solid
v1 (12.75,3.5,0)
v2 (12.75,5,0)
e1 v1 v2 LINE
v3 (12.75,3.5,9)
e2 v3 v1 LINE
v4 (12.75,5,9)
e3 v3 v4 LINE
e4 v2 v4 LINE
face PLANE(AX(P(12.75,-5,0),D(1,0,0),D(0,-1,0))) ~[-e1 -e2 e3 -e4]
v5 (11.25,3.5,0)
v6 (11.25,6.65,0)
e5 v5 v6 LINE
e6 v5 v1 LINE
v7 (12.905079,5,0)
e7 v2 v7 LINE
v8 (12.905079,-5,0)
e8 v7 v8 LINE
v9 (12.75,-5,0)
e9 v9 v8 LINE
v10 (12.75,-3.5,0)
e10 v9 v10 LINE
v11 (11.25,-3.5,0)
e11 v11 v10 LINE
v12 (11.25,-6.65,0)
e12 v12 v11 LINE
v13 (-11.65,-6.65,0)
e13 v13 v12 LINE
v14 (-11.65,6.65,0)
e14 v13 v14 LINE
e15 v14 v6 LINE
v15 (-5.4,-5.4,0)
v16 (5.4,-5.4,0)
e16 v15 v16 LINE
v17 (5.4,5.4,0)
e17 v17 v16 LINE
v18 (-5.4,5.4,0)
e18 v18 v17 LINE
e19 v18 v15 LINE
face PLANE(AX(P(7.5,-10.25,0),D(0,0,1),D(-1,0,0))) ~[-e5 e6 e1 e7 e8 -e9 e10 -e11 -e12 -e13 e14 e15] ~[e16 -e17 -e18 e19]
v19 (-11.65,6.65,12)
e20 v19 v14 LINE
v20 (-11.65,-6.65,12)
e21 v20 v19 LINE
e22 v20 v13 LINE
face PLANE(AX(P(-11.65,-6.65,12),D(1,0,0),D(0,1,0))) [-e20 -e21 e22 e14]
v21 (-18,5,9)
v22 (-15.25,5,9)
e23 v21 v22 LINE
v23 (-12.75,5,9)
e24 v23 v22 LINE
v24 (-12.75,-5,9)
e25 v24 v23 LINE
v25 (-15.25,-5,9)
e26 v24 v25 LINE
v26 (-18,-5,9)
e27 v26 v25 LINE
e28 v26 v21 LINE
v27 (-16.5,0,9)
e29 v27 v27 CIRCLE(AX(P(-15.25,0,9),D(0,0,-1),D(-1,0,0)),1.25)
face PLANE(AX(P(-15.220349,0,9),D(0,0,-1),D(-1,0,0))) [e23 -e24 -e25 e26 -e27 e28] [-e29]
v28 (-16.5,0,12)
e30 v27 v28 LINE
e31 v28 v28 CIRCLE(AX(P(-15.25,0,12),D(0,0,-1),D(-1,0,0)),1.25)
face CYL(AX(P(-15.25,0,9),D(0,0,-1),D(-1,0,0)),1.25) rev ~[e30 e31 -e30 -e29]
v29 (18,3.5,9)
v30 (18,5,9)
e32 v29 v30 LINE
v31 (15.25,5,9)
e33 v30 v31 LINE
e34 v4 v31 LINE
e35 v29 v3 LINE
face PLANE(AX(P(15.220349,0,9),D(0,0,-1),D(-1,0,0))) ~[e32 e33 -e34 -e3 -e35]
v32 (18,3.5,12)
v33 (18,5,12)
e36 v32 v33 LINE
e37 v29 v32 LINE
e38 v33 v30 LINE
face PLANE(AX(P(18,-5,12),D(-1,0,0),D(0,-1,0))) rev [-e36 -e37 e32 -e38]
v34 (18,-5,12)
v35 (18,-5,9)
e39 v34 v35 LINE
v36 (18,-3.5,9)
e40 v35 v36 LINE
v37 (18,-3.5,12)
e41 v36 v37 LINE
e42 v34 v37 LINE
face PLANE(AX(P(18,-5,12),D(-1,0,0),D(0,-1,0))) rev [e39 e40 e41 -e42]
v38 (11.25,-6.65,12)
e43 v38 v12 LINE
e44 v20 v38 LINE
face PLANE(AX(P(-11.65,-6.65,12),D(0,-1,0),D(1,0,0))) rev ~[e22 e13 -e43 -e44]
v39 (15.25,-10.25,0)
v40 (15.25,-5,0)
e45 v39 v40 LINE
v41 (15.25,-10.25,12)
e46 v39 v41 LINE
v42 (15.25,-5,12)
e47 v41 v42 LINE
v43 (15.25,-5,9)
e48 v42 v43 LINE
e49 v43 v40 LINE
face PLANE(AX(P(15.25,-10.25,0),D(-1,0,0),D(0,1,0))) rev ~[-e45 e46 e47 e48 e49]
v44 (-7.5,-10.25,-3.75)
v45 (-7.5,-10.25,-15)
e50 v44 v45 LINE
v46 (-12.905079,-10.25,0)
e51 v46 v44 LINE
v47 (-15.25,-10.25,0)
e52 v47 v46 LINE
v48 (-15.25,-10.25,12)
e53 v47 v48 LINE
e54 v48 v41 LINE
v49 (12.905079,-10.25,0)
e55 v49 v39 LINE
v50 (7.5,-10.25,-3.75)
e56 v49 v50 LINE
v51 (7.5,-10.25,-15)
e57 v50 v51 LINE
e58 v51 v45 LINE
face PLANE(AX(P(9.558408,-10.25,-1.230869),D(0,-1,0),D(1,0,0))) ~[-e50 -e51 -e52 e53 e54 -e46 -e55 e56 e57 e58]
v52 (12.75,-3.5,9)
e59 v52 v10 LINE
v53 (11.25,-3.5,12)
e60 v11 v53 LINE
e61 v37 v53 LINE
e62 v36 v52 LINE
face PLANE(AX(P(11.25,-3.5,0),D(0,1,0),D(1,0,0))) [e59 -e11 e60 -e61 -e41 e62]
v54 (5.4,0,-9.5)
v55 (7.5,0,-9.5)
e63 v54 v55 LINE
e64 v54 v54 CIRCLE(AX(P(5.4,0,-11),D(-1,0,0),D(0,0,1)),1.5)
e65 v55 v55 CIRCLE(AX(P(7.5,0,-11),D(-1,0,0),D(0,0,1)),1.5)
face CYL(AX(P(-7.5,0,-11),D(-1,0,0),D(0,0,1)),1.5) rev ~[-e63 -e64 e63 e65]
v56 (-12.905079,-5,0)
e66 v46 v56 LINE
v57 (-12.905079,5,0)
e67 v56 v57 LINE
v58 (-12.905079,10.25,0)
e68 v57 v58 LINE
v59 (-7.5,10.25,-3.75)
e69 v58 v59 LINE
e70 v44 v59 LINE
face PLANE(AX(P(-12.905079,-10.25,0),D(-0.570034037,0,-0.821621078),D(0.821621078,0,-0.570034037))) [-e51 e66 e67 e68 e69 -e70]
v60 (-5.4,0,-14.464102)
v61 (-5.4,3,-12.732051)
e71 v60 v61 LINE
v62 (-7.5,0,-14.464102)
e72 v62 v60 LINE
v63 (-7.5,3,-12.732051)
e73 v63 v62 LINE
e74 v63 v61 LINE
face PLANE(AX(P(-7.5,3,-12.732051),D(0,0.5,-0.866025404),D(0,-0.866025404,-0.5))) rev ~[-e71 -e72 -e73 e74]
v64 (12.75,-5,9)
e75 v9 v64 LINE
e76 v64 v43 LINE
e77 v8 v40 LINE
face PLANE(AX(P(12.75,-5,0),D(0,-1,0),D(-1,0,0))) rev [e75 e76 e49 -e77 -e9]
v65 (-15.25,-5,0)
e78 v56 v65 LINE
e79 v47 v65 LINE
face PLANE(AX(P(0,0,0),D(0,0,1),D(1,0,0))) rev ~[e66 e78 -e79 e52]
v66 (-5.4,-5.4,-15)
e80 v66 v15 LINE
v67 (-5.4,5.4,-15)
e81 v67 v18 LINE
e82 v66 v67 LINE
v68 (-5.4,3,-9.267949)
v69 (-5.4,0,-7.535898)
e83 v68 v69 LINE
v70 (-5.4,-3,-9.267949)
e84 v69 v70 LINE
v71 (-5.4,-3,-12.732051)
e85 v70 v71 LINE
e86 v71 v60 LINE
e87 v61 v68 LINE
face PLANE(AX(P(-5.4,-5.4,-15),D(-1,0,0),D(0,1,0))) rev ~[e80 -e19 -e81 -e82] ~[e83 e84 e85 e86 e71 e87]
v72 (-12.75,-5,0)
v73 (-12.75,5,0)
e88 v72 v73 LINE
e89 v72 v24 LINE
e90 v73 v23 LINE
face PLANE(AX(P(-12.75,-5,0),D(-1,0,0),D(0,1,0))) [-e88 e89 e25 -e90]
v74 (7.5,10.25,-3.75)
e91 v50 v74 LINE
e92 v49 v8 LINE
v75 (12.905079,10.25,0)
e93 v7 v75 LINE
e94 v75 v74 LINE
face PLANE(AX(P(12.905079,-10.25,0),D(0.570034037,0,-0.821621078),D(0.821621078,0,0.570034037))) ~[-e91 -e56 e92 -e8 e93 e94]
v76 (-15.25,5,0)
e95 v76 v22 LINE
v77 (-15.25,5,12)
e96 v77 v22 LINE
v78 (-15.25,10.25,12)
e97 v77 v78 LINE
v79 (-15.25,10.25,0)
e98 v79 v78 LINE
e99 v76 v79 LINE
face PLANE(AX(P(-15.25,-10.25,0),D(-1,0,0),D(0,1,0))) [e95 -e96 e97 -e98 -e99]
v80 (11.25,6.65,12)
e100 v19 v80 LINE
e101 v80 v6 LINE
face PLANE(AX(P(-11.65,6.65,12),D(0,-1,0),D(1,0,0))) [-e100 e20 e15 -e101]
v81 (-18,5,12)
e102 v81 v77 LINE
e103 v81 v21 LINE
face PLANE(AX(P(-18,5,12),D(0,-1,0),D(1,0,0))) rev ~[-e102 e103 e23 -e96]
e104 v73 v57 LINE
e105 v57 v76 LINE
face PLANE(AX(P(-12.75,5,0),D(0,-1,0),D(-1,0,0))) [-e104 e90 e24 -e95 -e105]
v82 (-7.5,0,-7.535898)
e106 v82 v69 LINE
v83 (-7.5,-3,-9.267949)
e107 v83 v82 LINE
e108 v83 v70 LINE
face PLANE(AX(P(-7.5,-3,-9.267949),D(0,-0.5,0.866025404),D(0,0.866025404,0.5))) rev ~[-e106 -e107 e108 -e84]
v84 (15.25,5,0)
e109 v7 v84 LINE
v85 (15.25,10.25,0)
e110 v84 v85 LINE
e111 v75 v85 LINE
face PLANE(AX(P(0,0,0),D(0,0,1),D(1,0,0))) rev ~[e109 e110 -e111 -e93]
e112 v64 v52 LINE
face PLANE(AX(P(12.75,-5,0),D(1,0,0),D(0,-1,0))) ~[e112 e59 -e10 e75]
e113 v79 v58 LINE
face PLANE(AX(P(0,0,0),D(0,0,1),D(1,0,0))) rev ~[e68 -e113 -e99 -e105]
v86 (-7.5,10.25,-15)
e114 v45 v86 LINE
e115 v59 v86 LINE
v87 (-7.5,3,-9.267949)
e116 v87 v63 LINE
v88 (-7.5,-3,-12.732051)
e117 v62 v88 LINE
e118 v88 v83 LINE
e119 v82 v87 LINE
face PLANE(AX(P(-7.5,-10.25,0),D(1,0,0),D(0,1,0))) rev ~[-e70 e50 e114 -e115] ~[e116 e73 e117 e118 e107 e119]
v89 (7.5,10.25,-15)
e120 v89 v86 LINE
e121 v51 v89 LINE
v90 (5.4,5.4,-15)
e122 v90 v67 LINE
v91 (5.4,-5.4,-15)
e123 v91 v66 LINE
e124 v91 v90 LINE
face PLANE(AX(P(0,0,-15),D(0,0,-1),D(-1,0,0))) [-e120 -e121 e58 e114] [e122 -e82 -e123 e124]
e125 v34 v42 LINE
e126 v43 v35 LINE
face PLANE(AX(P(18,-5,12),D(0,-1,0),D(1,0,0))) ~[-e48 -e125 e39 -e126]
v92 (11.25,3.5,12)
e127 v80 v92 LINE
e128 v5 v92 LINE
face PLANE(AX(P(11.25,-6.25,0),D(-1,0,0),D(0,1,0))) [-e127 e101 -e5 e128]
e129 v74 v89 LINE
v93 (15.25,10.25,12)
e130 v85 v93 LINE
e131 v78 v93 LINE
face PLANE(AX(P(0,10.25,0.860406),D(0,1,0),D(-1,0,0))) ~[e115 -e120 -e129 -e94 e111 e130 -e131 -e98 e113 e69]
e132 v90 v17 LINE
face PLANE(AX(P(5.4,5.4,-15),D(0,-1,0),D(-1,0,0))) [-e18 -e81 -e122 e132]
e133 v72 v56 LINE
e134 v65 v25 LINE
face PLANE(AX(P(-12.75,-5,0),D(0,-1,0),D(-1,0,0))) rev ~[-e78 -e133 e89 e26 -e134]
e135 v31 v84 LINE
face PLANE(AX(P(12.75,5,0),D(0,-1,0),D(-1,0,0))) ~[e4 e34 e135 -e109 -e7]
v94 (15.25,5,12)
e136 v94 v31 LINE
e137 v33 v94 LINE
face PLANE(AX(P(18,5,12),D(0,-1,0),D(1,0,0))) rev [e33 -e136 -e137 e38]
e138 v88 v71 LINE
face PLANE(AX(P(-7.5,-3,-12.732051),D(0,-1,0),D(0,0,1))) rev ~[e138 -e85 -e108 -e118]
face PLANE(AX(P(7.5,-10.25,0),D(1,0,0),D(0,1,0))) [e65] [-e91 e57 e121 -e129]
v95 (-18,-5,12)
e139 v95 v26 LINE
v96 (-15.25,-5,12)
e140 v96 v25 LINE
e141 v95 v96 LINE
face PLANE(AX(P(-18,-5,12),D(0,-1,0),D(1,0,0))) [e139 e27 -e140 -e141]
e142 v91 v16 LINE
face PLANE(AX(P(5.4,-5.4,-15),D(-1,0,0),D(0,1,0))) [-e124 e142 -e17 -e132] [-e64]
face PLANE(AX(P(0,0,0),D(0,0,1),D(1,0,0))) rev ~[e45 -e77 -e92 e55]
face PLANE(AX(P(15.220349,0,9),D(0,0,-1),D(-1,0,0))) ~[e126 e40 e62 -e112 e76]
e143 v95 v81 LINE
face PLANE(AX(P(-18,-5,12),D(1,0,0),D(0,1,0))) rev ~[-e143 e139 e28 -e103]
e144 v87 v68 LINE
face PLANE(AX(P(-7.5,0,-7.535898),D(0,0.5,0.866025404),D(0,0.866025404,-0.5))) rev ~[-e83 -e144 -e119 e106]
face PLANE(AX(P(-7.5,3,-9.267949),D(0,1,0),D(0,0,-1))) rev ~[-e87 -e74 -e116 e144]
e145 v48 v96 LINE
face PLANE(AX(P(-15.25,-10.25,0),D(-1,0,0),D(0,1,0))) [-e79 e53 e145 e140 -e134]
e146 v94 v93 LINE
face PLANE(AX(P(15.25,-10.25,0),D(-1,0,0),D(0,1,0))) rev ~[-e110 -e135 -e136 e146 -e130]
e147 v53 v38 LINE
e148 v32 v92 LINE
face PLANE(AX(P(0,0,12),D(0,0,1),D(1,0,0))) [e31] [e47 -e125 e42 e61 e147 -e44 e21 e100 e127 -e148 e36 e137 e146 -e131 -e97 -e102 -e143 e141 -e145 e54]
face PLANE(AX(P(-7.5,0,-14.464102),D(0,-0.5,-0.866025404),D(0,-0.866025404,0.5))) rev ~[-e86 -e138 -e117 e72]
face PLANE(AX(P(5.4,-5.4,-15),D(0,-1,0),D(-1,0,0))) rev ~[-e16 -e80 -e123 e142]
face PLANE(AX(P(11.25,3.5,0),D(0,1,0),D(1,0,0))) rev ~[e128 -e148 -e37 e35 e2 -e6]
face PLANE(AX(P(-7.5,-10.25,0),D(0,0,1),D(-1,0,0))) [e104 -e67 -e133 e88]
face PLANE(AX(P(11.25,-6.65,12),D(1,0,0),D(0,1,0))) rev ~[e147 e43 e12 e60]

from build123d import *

# Parameters (mm, degrees)
SKETCH_2_W           = 30.5
SKETCH_2_H           = 20.5
SKETCH_2_W_2         = 22.5
SKETCH_2_H_2         = 12.5
EXTRUDE_1_DEPTH      = 12
SKETCH_3_W           = 2.75
SKETCH_3_H           = 10
EXTRUDE_2_DEPTH      = 3
SKETCH_4_W           = 4.940698383
SKETCH_4_H           = 10
CUT_EXTRUDE_1_DEPTH  = 9
SKETCH_7_R           = 1.25
CUT_EXTRUDE_2_DEPTH  = 23.584563312
SKETCH_12_W          = 15
SKETCH_12_H          = 20.5
EXTRUDE_5_DEPTH      = 15
SKETCH_13_W          = 10
SKETCH_13_H          = 10
CUT_EXTRUDE_6_DEPTH  = 12
EXTRUDE_7_REACH      = 33.133
SKETCH_15_R          = 1.5
CUT_EXTRUDE_7_DEPTH  = 32.30994251
SKETCH_16_W          = 10.43035396
SKETCH_16_H          = 7
CUT_EXTRUDE_8_DEPTH  = 23
CUT_EXTRUDE_9_REACH  = 36.03
SKETCH_17_W          = 10.8
SKETCH_17_H          = 10.8
CUT_EXTRUDE_10_REACH = 33.31
SKETCH_19_W          = 22.9
SKETCH_19_H          = 13.3
CUT_EXTRUDE_12_DEPTH = 12


with BuildPart() as part:
    # 草图2 → 凸台-拉伸1 (new body)
    with BuildSketch(Plane.XY):
        Rectangle(SKETCH_2_W, SKETCH_2_H)
        Rectangle(SKETCH_2_W_2, SKETCH_2_H_2, mode=Mode.SUBTRACT)
    extrude(amount=EXTRUDE_1_DEPTH)

    # 草图3 → 凸台-拉伸2 (add)
    with BuildSketch(Plane.XY.offset(12)):
        with Locations((-16.625, 0)):
            Rectangle(SKETCH_3_W, SKETCH_3_H)
    extrude_2 = extrude(amount=-EXTRUDE_2_DEPTH)

    # 镜向1: 凸台-拉伸2 across plane
    add(extrude_2.mirror(Plane(origin=(0, 0, 0), x_dir=(0, 0, 1), z_dir=(1, 0, 0))))

    # 草图4 → 切除-拉伸1 (cut)
    with BuildSketch(Plane(origin=(0, 0, 0), x_dir=(-1, 0, 0), z_dir=(0, 0, -1))):
        with Locations((15.220349192, 0)):
            Rectangle(SKETCH_4_W, SKETCH_4_H)
    cut_extrude_1 = extrude(amount=-CUT_EXTRUDE_1_DEPTH, mode=Mode.SUBTRACT)

    # 镜向2: 切除-拉伸1 across plane
    add(cut_extrude_1.mirror(Plane(origin=(0, 0, 0), x_dir=(0, 0, 1), z_dir=(1, 0, 0))), mode=Mode.SUBTRACT)

    # 草图7 → 切除-拉伸2 (cut, through all)
    with BuildSketch(Plane(origin=(0, 0, 9), x_dir=(-1, 0, 0), z_dir=(0, 0, -1))):
        with Locations((15.25, 0)):
            Circle(SKETCH_7_R)
    extrude(amount=-CUT_EXTRUDE_2_DEPTH, mode=Mode.SUBTRACT)

    # 草图12 → 凸台-拉伸5 (add)
    with BuildSketch(Plane(origin=(0, 0, 0), x_dir=(-1, 0, 0), z_dir=(0, 0, -1))):
        Rectangle(SKETCH_12_W, SKETCH_12_H)
    extrude(amount=EXTRUDE_5_DEPTH)

    # 草图13 → 切除-拉伸6 (cut)
    with BuildSketch(Plane(origin=(0, 0, -15), x_dir=(-1, 0, 0), z_dir=(0, 0, -1))):
        Rectangle(SKETCH_13_W, SKETCH_13_H)
    extrude(amount=-CUT_EXTRUDE_6_DEPTH, mode=Mode.SUBTRACT)

    # 凸台-拉伸7: up to this face of the body (flat: up to its plane)
    extrude_7_end = Plane(part.part.faces().sort_by_distance((0, 10.25, 0.860406091))[0])
    # 草图14 → 凸台-拉伸7 (add, up to the picked face)
    with BuildSketch(Plane.XZ.offset(10.25), mode=Mode.PRIVATE) as extrude_7_sk1:
        Polygon((-7.5, -3.75), (-7.5, 0), (-12.905079067, 0), align=None)
    extrude_7_tool1 = split(extrude(extrude_7_sk1.sketch, amount=-EXTRUDE_7_REACH, mode=Mode.PRIVATE), bisect_by=extrude_7_end, keep=Keep.BOTH, mode=Mode.PRIVATE)
    extrude_7 = extrude_7_tool1.solids().sort_by(Axis((-9.301693, -10.25, -1.25), (0, 1, 0)))[0]
    add(extrude_7)

    # 镜向6: 凸台-拉伸7 across plane
    add(extrude_7.mirror(Plane(origin=(0, 0, 0), x_dir=(0, 0, 1), z_dir=(1, 0, 0))))

    # 草图15 → 切除-拉伸7 (cut, through all)
    with BuildSketch(Plane.ZY.offset(7.5)):
        with Locations((-11, 0)):
            Circle(SKETCH_15_R)
    extrude(amount=-CUT_EXTRUDE_7_DEPTH, mode=Mode.SUBTRACT)

    # 草图16 → 切除-拉伸8 (cut)
    with BuildSketch(Plane.XY):
        with Locations((16.46517698, 0)):
            Rectangle(SKETCH_16_W, SKETCH_16_H)
    extrude(amount=CUT_EXTRUDE_8_DEPTH, mode=Mode.SUBTRACT)

    # 草图17 → 切除-拉伸9 (cut, up to next)
    with BuildSketch(Plane(origin=(0, 0, -15), x_dir=(-1, 0, 0), z_dir=(0, 0, -1)), mode=Mode.PRIVATE) as cut_extrude_9_sk1:
        Rectangle(SKETCH_17_W, SKETCH_17_H)
    cut_extrude_9_tool1 = extrude(cut_extrude_9_sk1.sketch, amount=-CUT_EXTRUDE_9_REACH, mode=Mode.PRIVATE) & part.part
    add(cut_extrude_9_tool1.solids().sort_by_distance((0, 0, -15))[0], mode=Mode.SUBTRACT)

    # 草图18 → 切除-拉伸10 (cut, up to next)
    with BuildSketch(Plane.ZY.offset(7.5), mode=Mode.PRIVATE) as cut_extrude_10_sk1:
        Polygon((-9.267949192, 3), (-12.732050808, 3), (-14.464101615, 0), (-12.732050808, -3), (-9.267949192, -3), (-7.535898385, 0), align=None)
    cut_extrude_10_tool1 = extrude(cut_extrude_10_sk1.sketch, amount=-CUT_EXTRUDE_10_REACH, mode=Mode.PRIVATE) & part.part
    add(cut_extrude_10_tool1.solids().sort_by_distance((-7.5, 0, -11))[0], mode=Mode.SUBTRACT)

    # 草图19 → 切除-拉伸12 (cut)
    with BuildSketch(Plane.XY.offset(12)):
        with Locations((-0.2, 0)):
            Rectangle(SKETCH_19_W, SKETCH_19_H)
    extrude(amount=-CUT_EXTRUDE_12_DEPTH, mode=Mode.SUBTRACT)


solid = part.part
